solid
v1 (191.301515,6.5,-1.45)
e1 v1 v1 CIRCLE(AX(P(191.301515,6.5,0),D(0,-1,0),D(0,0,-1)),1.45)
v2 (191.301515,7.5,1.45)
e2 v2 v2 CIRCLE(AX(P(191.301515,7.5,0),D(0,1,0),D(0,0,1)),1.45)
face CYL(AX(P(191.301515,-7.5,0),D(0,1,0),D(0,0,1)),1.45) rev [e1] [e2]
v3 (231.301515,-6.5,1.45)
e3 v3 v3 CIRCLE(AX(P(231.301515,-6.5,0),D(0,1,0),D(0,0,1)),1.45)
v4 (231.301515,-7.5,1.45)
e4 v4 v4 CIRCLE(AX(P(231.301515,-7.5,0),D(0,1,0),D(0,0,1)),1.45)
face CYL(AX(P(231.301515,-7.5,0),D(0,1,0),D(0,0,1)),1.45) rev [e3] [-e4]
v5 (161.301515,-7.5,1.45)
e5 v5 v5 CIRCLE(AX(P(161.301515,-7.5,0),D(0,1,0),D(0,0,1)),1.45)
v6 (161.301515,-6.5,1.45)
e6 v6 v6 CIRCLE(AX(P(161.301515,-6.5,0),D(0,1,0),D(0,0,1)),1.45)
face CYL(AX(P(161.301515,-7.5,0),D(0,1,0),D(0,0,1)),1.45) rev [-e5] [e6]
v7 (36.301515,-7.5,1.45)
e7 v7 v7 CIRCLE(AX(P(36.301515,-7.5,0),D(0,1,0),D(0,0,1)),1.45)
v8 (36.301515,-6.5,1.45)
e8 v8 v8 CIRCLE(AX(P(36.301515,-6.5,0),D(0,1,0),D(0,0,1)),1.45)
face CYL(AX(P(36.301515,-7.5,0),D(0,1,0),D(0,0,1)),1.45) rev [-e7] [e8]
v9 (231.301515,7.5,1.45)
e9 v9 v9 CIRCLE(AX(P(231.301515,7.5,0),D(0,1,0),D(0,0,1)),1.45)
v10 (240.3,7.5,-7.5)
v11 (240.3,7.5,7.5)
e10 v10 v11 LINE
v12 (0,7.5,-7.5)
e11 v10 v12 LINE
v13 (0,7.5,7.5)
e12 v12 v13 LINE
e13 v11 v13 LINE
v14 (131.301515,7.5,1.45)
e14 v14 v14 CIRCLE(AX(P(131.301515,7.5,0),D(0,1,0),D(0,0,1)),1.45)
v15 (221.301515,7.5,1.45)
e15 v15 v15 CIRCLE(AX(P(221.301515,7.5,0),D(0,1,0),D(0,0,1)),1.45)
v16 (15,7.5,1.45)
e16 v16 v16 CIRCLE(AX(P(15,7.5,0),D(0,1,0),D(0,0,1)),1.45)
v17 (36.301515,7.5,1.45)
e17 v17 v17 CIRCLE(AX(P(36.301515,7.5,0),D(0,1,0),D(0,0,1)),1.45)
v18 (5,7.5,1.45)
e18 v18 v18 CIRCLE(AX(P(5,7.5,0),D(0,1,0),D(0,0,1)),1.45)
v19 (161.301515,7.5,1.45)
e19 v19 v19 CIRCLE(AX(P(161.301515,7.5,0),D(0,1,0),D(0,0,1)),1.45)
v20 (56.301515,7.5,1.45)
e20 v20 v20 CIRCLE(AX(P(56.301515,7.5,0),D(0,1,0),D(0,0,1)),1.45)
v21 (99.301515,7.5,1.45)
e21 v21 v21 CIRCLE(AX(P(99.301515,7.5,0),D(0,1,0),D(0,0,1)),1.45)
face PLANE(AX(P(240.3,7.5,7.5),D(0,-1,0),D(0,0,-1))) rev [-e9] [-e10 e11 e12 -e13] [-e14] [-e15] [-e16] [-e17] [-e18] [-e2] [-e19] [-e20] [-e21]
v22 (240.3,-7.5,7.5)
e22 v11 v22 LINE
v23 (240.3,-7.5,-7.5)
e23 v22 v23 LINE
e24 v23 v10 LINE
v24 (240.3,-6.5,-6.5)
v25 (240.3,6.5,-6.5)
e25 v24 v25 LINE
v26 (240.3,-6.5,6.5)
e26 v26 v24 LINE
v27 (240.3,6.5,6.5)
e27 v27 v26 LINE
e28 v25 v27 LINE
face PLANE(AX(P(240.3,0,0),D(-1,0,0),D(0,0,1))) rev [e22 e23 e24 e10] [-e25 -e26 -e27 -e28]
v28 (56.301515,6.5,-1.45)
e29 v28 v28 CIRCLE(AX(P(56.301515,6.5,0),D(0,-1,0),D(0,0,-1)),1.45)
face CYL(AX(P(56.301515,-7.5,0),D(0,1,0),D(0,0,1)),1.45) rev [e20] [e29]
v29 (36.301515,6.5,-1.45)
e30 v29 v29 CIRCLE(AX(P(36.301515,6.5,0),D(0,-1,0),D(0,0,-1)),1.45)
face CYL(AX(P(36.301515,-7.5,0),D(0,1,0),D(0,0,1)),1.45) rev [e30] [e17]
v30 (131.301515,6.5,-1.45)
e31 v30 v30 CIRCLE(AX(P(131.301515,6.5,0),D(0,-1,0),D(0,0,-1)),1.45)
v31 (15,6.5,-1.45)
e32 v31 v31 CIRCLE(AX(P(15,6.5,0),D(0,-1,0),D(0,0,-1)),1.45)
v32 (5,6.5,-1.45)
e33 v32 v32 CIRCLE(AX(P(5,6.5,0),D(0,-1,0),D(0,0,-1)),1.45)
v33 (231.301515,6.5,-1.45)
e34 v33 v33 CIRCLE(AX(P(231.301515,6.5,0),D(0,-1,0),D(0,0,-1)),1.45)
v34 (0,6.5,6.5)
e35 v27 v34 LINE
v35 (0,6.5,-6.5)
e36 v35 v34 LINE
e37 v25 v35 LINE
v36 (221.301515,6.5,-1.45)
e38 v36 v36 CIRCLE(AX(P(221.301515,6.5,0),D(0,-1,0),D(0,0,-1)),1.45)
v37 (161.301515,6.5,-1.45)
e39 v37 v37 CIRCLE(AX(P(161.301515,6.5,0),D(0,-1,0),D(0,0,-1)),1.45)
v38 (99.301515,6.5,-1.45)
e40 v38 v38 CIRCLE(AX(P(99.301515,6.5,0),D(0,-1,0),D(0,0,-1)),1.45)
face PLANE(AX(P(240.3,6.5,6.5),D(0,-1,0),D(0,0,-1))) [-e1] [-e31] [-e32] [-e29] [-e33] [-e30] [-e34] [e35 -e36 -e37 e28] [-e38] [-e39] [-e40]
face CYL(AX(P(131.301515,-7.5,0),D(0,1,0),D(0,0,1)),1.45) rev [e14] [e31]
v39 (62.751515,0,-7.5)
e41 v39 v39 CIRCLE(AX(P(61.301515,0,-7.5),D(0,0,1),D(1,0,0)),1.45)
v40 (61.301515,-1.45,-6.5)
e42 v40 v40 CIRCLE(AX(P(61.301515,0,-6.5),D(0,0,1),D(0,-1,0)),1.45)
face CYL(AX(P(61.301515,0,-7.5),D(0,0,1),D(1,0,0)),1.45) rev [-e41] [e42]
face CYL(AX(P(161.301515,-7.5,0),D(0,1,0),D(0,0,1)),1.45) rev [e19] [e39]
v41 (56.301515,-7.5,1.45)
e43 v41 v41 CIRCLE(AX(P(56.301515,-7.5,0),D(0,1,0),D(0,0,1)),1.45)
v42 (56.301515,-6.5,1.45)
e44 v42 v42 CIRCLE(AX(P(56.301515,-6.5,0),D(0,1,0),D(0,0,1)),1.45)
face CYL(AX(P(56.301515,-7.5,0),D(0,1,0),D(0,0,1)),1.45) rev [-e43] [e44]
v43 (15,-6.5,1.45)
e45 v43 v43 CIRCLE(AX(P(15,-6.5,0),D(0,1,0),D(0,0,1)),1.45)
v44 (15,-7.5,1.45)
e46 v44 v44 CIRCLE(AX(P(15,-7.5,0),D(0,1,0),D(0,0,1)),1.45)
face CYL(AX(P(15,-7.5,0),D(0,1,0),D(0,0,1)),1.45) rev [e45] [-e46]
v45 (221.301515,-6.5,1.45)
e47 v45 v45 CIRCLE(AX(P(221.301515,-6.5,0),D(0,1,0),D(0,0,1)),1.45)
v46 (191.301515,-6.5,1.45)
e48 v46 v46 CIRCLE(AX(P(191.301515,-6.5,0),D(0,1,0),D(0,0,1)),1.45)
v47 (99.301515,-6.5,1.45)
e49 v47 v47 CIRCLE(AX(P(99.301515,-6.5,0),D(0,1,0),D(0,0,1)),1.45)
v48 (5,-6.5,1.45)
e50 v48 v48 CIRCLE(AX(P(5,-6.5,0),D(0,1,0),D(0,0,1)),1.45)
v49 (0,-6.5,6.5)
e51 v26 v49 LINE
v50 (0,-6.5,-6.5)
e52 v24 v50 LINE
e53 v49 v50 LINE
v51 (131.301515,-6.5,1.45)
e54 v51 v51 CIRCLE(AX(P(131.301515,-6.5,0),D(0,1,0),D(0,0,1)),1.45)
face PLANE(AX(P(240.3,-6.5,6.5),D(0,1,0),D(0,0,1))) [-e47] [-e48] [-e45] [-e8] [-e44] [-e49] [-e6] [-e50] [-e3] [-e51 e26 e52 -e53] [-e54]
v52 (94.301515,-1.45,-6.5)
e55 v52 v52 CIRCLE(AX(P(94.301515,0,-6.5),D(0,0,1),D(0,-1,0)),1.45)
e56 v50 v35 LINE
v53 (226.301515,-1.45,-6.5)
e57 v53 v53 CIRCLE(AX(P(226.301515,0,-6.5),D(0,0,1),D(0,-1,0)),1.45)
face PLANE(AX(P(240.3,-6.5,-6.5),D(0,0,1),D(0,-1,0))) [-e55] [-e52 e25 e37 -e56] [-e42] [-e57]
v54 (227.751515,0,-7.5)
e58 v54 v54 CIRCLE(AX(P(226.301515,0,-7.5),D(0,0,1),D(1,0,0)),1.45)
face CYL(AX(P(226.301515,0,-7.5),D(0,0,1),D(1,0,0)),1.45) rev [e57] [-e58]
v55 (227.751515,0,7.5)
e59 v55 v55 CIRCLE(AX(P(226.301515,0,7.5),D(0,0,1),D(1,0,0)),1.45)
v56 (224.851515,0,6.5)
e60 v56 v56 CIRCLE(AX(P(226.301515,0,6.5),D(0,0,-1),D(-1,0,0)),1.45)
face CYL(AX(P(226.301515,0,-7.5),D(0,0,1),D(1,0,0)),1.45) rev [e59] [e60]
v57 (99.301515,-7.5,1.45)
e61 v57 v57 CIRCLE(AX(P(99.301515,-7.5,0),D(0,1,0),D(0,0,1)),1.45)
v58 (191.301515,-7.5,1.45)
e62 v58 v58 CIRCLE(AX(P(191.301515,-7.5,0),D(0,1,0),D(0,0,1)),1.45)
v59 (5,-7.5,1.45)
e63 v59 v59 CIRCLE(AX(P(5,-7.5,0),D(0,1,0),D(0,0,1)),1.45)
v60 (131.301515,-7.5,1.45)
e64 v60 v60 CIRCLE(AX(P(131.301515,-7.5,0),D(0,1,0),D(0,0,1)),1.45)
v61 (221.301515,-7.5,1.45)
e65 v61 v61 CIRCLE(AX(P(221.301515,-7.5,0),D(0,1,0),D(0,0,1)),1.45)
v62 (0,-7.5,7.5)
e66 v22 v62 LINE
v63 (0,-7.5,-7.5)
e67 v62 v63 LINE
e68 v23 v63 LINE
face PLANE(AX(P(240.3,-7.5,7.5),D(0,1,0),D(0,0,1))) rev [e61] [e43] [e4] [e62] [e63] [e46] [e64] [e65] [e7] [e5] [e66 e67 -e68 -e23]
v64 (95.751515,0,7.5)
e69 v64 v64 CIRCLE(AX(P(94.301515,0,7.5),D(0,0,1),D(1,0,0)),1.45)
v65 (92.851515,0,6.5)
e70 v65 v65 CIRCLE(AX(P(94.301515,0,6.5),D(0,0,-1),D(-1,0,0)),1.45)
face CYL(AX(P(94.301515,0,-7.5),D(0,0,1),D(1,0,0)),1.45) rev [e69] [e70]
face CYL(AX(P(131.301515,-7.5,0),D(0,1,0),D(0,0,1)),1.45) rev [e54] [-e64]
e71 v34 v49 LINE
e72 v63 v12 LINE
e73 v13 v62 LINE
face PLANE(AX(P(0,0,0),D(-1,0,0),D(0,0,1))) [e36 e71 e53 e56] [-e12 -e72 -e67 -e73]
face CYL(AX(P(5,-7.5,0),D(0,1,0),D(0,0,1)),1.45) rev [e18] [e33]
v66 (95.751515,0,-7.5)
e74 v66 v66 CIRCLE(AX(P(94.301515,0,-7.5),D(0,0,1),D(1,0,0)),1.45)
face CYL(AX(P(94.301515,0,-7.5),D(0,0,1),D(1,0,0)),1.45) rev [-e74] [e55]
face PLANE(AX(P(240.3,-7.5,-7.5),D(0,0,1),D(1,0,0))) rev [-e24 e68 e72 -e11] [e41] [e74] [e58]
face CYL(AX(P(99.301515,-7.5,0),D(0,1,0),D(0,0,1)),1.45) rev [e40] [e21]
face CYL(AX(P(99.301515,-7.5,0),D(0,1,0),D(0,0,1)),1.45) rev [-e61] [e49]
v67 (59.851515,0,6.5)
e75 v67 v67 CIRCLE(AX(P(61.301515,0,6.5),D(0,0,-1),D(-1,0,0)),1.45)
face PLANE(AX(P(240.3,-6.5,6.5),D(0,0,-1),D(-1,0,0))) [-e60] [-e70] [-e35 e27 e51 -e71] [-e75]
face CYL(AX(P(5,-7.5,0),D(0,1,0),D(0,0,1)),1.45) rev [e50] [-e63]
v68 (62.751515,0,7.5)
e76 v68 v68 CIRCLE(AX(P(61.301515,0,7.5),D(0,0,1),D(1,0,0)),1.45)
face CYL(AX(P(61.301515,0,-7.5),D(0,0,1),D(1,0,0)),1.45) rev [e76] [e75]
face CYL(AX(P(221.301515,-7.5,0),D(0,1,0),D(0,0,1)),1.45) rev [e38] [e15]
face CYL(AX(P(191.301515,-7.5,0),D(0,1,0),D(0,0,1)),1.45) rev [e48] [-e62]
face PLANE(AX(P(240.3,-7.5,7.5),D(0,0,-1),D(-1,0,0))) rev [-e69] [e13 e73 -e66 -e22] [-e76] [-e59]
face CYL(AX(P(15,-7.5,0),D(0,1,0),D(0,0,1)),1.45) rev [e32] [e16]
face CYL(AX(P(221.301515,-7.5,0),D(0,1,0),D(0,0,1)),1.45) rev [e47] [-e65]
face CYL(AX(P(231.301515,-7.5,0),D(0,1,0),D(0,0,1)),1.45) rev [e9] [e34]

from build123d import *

# Parameters (mm, degrees)
SKETCH_1_W          = 15
SKETCH_1_H          = 15
SKETCH_1_W_2        = 13
SKETCH_1_H_2        = 13
EXTRUDE_1_DEPTH     = 240.3
SKETCH_2_R          = 1.45
CUT_EXTRUDE_1_DEPTH = 241.884495142
SKETCH_3_R          = 1.45
CUT_EXTRUDE_2_DEPTH = 241.884495142


with BuildPart() as part:
    # 草图1 → 凸台-拉伸1 (new body)
    with BuildSketch(Plane(origin=(0, 0, 0), x_dir=(0, 0, -1), z_dir=(1, 0, 0))):
        Rectangle(SKETCH_1_W, SKETCH_1_H)
        Rectangle(SKETCH_1_W_2, SKETCH_1_H_2, mode=Mode.SUBTRACT)
    extrude(amount=EXTRUDE_1_DEPTH)

    # 草图2 → 切除-拉伸1 (cut, through all)
    with BuildSketch(Plane(origin=(0, 7.5, 0), x_dir=(1, 0, 0), z_dir=(0, 1, 0))):
        with Locations(Location((5, 0, 0), (0, 0, 270))):
            Circle(SKETCH_2_R)
        with Locations(Location((15, 0, 0), (0, 0, 270))):
            Circle(SKETCH_2_R)
        with Locations(Location((36.30151519, 0, 0), (0, 0, 270))):
            Circle(SKETCH_2_R)
        with Locations(Location((56.30151519, 0, 0), (0, 0, 270))):
            Circle(SKETCH_2_R)
        with Locations(Location((99.30151519, 0, 0), (0, 0, 270))):
            Circle(SKETCH_2_R)
        with Locations(Location((221.30151519, 0, 0), (0, 0, 270))):
            Circle(SKETCH_2_R)
        with Locations(Location((231.30151519, 0, 0), (0, 0, 270))):
            Circle(SKETCH_2_R)
        with Locations(Location((131.30151519, 0, 0), (0, 0, 270))):
            Circle(SKETCH_2_R)
        with Locations(Location((161.30151519, 0, 0), (0, 0, 270))):
            Circle(SKETCH_2_R)
        with Locations(Location((191.30151519, 0, 0), (0, 0, 270))):
            Circle(SKETCH_2_R)
    extrude(amount=-CUT_EXTRUDE_1_DEPTH, mode=Mode.SUBTRACT)

    # 草图3 → 切除-拉伸2 (cut, through all)
    with BuildSketch(Plane.XY.offset(7.5)):
        with Locations((61.30151519, 0)):
            Circle(SKETCH_3_R)
        with Locations((226.30151519, 0)):
            Circle(SKETCH_3_R)
        with Locations((94.30151519, 0)):
            Circle(SKETCH_3_R)
    extrude(amount=-CUT_EXTRUDE_2_DEPTH, mode=Mode.SUBTRACT)


solid = part.part
